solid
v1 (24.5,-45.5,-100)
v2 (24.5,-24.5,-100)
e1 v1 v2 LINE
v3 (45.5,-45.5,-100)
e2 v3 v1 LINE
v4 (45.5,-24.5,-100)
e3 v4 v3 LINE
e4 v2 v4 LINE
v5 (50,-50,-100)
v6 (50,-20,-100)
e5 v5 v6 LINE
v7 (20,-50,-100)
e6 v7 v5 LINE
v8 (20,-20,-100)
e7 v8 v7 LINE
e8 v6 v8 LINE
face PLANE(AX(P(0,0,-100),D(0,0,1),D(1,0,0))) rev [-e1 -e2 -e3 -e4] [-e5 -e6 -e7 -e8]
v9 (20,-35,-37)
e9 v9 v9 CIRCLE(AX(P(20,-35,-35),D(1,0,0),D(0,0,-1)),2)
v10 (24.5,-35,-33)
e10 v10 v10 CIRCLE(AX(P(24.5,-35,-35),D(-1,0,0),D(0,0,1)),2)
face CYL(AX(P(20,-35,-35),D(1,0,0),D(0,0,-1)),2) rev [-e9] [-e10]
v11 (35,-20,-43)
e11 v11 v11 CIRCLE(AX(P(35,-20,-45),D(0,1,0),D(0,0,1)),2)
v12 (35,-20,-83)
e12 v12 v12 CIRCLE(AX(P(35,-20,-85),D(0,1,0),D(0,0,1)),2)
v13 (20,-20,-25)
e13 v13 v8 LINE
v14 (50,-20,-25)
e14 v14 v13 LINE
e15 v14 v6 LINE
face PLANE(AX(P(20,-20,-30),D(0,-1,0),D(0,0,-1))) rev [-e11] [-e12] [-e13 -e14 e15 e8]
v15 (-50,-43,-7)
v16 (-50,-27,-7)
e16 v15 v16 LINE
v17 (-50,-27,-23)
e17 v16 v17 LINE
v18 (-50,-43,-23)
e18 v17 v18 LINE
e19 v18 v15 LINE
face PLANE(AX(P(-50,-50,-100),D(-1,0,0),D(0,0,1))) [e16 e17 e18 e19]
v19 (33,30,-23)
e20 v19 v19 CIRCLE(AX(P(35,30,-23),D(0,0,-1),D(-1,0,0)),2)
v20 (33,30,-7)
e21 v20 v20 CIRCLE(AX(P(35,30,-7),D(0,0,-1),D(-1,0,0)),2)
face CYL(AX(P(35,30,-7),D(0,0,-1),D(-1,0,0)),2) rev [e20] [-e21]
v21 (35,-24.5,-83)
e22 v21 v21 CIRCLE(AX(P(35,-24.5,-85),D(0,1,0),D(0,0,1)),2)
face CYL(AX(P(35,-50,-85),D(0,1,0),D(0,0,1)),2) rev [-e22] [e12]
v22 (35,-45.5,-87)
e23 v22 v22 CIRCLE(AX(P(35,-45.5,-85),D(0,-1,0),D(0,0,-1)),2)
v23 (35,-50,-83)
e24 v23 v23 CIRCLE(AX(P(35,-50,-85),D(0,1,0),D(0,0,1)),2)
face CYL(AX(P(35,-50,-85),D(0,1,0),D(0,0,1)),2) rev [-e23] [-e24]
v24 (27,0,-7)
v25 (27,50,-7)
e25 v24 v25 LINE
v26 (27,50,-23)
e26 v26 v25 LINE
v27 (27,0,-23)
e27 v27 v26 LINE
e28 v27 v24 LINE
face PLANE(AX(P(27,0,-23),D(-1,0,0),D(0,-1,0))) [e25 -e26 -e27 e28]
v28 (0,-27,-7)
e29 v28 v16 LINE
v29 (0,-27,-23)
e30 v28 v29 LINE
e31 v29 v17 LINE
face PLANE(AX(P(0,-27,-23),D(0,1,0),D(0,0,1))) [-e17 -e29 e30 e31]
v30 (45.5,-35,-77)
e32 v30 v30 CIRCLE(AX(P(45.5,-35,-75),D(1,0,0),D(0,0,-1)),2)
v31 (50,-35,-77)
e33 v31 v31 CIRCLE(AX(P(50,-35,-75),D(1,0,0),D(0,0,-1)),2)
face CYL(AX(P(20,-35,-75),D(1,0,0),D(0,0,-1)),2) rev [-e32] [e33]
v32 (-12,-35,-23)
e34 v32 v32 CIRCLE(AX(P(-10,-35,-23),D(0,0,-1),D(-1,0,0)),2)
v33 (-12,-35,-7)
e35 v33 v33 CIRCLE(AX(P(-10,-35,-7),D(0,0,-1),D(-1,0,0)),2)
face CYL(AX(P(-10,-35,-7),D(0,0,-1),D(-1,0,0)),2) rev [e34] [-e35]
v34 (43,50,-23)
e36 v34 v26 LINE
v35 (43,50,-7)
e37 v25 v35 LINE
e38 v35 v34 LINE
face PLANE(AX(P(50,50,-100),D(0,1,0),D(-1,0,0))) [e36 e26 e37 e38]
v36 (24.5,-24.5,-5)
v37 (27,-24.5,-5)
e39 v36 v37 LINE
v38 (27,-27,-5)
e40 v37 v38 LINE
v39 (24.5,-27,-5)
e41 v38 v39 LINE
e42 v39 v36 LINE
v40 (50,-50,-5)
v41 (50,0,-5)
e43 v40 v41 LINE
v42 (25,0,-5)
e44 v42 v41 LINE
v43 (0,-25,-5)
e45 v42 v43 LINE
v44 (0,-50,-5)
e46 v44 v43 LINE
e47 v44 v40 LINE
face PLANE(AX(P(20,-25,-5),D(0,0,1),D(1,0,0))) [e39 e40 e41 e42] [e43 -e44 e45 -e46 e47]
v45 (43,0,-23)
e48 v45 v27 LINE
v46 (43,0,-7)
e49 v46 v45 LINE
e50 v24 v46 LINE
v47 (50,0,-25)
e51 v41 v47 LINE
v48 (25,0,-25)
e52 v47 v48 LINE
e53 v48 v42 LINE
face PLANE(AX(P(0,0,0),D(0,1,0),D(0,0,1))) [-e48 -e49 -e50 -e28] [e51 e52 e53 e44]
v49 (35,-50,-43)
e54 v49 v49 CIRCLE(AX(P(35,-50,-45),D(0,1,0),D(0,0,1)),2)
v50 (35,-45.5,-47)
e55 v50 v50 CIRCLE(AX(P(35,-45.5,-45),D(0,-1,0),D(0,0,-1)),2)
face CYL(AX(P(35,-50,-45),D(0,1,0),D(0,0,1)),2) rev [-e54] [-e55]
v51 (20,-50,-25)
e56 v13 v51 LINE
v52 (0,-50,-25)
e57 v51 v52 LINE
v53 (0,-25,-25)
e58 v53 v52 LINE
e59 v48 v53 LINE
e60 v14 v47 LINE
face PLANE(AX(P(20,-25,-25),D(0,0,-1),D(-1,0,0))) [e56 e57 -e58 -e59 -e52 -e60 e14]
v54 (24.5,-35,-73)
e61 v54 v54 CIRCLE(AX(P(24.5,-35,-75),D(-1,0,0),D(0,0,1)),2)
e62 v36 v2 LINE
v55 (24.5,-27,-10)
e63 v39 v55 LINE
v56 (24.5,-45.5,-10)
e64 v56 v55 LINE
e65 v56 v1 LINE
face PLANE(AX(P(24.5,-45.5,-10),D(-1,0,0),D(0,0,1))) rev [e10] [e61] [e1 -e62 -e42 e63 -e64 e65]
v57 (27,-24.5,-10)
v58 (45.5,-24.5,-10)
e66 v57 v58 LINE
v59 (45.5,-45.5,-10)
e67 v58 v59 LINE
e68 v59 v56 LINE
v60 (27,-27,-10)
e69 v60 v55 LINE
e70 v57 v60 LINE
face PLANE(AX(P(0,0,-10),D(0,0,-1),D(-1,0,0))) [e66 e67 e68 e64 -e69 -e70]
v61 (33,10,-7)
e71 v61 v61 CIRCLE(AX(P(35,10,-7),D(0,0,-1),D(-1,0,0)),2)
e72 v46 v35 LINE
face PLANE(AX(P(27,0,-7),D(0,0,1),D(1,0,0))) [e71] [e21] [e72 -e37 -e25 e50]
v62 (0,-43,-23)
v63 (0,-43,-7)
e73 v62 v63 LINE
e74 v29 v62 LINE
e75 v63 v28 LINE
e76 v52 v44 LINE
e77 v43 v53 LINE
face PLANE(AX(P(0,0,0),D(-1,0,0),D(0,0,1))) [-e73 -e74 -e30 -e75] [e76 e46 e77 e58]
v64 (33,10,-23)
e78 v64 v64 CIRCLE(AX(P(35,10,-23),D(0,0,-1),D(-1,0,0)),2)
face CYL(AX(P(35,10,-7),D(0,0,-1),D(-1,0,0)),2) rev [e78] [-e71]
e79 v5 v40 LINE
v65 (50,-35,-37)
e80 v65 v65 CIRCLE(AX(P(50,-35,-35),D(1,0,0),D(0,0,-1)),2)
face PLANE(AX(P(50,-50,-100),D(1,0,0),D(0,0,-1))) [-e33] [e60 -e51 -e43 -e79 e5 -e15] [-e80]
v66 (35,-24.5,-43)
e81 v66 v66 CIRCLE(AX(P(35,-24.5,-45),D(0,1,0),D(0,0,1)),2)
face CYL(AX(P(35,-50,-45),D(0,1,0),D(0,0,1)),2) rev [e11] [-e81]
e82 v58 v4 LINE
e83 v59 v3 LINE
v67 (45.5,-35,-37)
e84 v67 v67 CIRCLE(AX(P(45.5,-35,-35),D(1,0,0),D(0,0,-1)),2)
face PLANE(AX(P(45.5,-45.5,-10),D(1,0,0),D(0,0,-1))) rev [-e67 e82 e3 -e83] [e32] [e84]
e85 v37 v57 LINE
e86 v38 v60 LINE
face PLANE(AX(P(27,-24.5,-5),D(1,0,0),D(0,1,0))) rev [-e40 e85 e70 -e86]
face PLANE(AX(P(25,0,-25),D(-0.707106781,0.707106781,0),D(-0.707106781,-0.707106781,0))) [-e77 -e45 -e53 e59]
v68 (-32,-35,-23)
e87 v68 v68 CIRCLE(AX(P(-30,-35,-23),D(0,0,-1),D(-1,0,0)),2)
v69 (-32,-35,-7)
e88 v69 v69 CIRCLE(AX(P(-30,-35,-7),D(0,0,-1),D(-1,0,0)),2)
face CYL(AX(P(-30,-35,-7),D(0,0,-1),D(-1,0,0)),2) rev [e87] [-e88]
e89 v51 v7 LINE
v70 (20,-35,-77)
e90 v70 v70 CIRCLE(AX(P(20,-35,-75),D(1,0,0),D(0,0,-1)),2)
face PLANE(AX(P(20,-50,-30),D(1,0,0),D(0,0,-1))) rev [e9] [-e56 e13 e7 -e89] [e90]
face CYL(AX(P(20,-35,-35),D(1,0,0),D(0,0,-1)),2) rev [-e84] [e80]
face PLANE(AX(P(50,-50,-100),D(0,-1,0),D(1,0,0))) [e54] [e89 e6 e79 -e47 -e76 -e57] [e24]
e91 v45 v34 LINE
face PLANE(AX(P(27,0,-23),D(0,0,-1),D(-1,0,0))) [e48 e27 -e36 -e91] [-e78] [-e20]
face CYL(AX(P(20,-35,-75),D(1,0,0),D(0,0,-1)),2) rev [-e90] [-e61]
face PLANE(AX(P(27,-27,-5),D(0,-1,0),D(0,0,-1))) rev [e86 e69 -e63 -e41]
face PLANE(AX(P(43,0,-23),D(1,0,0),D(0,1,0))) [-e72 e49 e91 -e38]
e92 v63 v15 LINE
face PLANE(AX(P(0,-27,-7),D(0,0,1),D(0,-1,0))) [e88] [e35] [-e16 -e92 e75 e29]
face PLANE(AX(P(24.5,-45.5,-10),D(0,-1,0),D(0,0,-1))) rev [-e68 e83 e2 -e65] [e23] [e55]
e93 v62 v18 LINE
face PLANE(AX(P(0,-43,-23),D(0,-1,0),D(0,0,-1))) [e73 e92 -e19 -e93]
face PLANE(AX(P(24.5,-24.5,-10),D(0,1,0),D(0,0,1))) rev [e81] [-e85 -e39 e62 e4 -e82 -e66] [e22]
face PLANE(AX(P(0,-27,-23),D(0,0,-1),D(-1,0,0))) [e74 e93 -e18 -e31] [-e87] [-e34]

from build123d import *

# Parameters (mm, degrees)
SKETCH1_W           = 100
SKETCH1_H           = 100
BOSS_EXTRUDE1_DEPTH = 100
CUT_EXTRUDE16_DEPTH = 70
SKETCH8_W           = 70
SKETCH8_H           = 70
CUT_EXTRUDE17_DEPTH = 30
SKETCH9_W           = 21
SKETCH9_H           = 21
CUT_EXTRUDE20_DEPTH = 90
SKETCH10_W          = 30
SKETCH10_H          = 30
SKETCH10_W_2        = 16
SKETCH10_H_2        = 16
CUT_EXTRUDE21_DEPTH = 50
SKETCH11_W          = 30
SKETCH11_H          = 30
SKETCH11_W_2        = 20
SKETCH11_H_2        = 20
CUT_EXTRUDE22_DEPTH = 20
SKETCH12_W          = 30
SKETCH12_H          = 30
SKETCH12_W_2        = 20
SKETCH12_H_2        = 20
CUT_EXTRUDE23_DEPTH = 70
SKETCH13_W          = 20
SKETCH13_H          = 20
SKETCH13_W_2        = 16
SKETCH13_H_2        = 16
CUT_EXTRUDE24_DEPTH = 50
SKETCH15_R          = 2
CUT_EXTRUDE25_DEPTH = 30
SKETCH16_R          = 2
CUT_EXTRUDE26_DEPTH = 30
SKETCH17_R          = 2
CUT_EXTRUDE27_DEPTH = 16
SKETCH18_R          = 2
CUT_EXTRUDE29_DEPTH = 16
SKETCH19_W          = 30
SKETCH19_H          = 30
CUT_EXTRUDE30_DEPTH = 5
BOSS_EXTRUDE2_DEPTH = 20
SKETCH21_W          = 20
SKETCH21_H          = 7
BOSS_EXTRUDE6_DEPTH = 24
SKETCH22_W          = 2.5
SKETCH22_H          = 2.5
CUT_EXTRUDE31_DEPTH = 20
SKETCH23_W          = 7
SKETCH23_H          = 20
BOSS_EXTRUDE7_DEPTH = 24


with BuildPart() as part:
    # Sketch1 → Boss-Extrude1 (new body)
    with BuildSketch(Plane.XY):
        Rectangle(SKETCH1_W, SKETCH1_H)
    extrude(amount=-BOSS_EXTRUDE1_DEPTH)

    # Sketch5 → Cut-Extrude16 (cut)
    with BuildSketch(Plane(origin=(0, 0, -100), x_dir=(-1, 0, 0), z_dir=(0, 0, -1))):
        Polygon((50, -50), (50, 50), (-50, 50), (-50, -20), (-20, -20), (-20, -50), align=None)
    extrude(amount=-CUT_EXTRUDE16_DEPTH, mode=Mode.SUBTRACT)

    # Sketch8 → Cut-Extrude17 (cut)
    with BuildSketch(Plane(origin=(0, 0, -30), x_dir=(-1, 0, 0), z_dir=(0, 0, -1))):
        with Locations((15, 15)):
            Rectangle(SKETCH8_W, SKETCH8_H)
    extrude(amount=-CUT_EXTRUDE17_DEPTH, mode=Mode.SUBTRACT)

    # Sketch9 → Cut-Extrude20 (cut)
    with BuildSketch(Plane(origin=(0, 0, -100), x_dir=(-1, 0, 0), z_dir=(0, 0, -1))):
        with Locations((-35, -35)):
            Rectangle(SKETCH9_W, SKETCH9_H)
    extrude(amount=-CUT_EXTRUDE20_DEPTH, mode=Mode.SUBTRACT)

    # Sketch10 → Cut-Extrude21 (cut)
    with BuildSketch(Plane.ZY.offset(50)):
        with Locations((-15, -35)):
            Rectangle(SKETCH10_W, SKETCH10_H)
        with Locations((-15, -35)):
            Rectangle(SKETCH10_W_2, SKETCH10_H_2, mode=Mode.SUBTRACT)
    extrude(amount=-CUT_EXTRUDE21_DEPTH, mode=Mode.SUBTRACT)

    # Sketch11 → Cut-Extrude22 (cut)
    with BuildSketch(Plane.ZY):
        with Locations((-15, -35)):
            Rectangle(SKETCH11_W, SKETCH11_H)
        with Locations((-15, -35)):
            Rectangle(SKETCH11_W_2, SKETCH11_H_2, mode=Mode.SUBTRACT)
    extrude(amount=-CUT_EXTRUDE22_DEPTH, mode=Mode.SUBTRACT)

    # Sketch12 → Cut-Extrude23 (cut)
    with BuildSketch(Plane(origin=(0, 50, 0), x_dir=(1, 0, 0), z_dir=(0, 1, 0))):
        with Locations((35, 15)):
            Rectangle(SKETCH12_W, SKETCH12_H)
        with Locations((35, 15)):
            Rectangle(SKETCH12_W_2, SKETCH12_H_2, mode=Mode.SUBTRACT)
    extrude(amount=-CUT_EXTRUDE23_DEPTH, mode=Mode.SUBTRACT)

    # Sketch13 → Cut-Extrude24 (cut)
    with BuildSketch(Plane(origin=(0, 50, 0), x_dir=(1, 0, 0), z_dir=(0, 1, 0))):
        with Locations((35, 15)):
            Rectangle(SKETCH13_W, SKETCH13_H)
        with Locations((35, 15)):
            Rectangle(SKETCH13_W_2, SKETCH13_H_2, mode=Mode.SUBTRACT)
    extrude(amount=-CUT_EXTRUDE24_DEPTH, mode=Mode.SUBTRACT)

    # Sketch15 → Cut-Extrude25 (cut)
    with BuildSketch(Plane(origin=(0, -20, 0), x_dir=(1, 0, 0), z_dir=(0, 1, 0))):
        with Locations(Location((35, 85, 0), (0, 0, 270))):
            Circle(SKETCH15_R)
        with Locations(Location((35, 45, 0), (0, 0, 270))):
            Circle(SKETCH15_R)
    extrude(amount=-CUT_EXTRUDE25_DEPTH, mode=Mode.SUBTRACT)

    # Sketch16 → Cut-Extrude26 (cut)
    with BuildSketch(Plane(origin=(50, 0, 0), x_dir=(0, 0, -1), z_dir=(1, 0, 0))):
        with Locations((75, -35)):
            Circle(SKETCH16_R)
        with Locations((35, -35)):
            Circle(SKETCH16_R)
    extrude(amount=-CUT_EXTRUDE26_DEPTH, mode=Mode.SUBTRACT)

    # Sketch17 → Cut-Extrude27 (cut)
    with BuildSketch(Plane(origin=(0, 0, -23), x_dir=(-1, 0, 0), z_dir=(0, 0, -1))):
        with Locations((-35, 30)):
            Circle(SKETCH17_R)
        with Locations((-35, 10)):
            Circle(SKETCH17_R)
    extrude(amount=-CUT_EXTRUDE27_DEPTH, mode=Mode.SUBTRACT)

    # Sketch18 → Cut-Extrude29 (cut)
    with BuildSketch(Plane(origin=(0, 0, -23), x_dir=(-1, 0, 0), z_dir=(0, 0, -1))):
        with Locations((30, -35)):
            Circle(SKETCH18_R)
        with Locations((10, -35)):
            Circle(SKETCH18_R)
    extrude(amount=-CUT_EXTRUDE29_DEPTH, mode=Mode.SUBTRACT)

    # Sketch19 → Cut-Extrude30 (cut)
    with BuildSketch(Plane.XY):
        with Locations((35, -35)):
            Rectangle(SKETCH19_W, SKETCH19_H)
    extrude(amount=-CUT_EXTRUDE30_DEPTH, mode=Mode.SUBTRACT)

    # Sketch20 → Boss-Extrude2 (add)
    with BuildSketch(Plane.XY.offset(-5)):
        Polygon((25, 0), (0, -25), (0, -27), (27, -27), (27, 0), align=None)
    extrude(amount=-BOSS_EXTRUDE2_DEPTH)

    # Sketch21 → Boss-Extrude6 (add)
    with BuildSketch(Plane.ZY):
        with Locations((-15, -46.5)):
            Rectangle(SKETCH21_W, SKETCH21_H)
    extrude(amount=-BOSS_EXTRUDE6_DEPTH)

    # Sketch22 → Cut-Extrude31 (cut)
    with BuildSketch(Plane(origin=(0, 0, -25), x_dir=(-1, 0, 0), z_dir=(0, 0, -1))):
        with Locations((-25.75, -25.75)):
            Rectangle(SKETCH22_W, SKETCH22_H)
    extrude(amount=-CUT_EXTRUDE31_DEPTH, mode=Mode.SUBTRACT)

    # Sketch23 → Boss-Extrude7 (add)
    with BuildSketch(Plane(origin=(0, 0, 0), x_dir=(1, 0, 0), z_dir=(0, 1, 0))):
        with Locations((46.5, 15)):
            Rectangle(SKETCH23_W, SKETCH23_H)
    extrude(amount=-BOSS_EXTRUDE7_DEPTH)


solid = part.part
